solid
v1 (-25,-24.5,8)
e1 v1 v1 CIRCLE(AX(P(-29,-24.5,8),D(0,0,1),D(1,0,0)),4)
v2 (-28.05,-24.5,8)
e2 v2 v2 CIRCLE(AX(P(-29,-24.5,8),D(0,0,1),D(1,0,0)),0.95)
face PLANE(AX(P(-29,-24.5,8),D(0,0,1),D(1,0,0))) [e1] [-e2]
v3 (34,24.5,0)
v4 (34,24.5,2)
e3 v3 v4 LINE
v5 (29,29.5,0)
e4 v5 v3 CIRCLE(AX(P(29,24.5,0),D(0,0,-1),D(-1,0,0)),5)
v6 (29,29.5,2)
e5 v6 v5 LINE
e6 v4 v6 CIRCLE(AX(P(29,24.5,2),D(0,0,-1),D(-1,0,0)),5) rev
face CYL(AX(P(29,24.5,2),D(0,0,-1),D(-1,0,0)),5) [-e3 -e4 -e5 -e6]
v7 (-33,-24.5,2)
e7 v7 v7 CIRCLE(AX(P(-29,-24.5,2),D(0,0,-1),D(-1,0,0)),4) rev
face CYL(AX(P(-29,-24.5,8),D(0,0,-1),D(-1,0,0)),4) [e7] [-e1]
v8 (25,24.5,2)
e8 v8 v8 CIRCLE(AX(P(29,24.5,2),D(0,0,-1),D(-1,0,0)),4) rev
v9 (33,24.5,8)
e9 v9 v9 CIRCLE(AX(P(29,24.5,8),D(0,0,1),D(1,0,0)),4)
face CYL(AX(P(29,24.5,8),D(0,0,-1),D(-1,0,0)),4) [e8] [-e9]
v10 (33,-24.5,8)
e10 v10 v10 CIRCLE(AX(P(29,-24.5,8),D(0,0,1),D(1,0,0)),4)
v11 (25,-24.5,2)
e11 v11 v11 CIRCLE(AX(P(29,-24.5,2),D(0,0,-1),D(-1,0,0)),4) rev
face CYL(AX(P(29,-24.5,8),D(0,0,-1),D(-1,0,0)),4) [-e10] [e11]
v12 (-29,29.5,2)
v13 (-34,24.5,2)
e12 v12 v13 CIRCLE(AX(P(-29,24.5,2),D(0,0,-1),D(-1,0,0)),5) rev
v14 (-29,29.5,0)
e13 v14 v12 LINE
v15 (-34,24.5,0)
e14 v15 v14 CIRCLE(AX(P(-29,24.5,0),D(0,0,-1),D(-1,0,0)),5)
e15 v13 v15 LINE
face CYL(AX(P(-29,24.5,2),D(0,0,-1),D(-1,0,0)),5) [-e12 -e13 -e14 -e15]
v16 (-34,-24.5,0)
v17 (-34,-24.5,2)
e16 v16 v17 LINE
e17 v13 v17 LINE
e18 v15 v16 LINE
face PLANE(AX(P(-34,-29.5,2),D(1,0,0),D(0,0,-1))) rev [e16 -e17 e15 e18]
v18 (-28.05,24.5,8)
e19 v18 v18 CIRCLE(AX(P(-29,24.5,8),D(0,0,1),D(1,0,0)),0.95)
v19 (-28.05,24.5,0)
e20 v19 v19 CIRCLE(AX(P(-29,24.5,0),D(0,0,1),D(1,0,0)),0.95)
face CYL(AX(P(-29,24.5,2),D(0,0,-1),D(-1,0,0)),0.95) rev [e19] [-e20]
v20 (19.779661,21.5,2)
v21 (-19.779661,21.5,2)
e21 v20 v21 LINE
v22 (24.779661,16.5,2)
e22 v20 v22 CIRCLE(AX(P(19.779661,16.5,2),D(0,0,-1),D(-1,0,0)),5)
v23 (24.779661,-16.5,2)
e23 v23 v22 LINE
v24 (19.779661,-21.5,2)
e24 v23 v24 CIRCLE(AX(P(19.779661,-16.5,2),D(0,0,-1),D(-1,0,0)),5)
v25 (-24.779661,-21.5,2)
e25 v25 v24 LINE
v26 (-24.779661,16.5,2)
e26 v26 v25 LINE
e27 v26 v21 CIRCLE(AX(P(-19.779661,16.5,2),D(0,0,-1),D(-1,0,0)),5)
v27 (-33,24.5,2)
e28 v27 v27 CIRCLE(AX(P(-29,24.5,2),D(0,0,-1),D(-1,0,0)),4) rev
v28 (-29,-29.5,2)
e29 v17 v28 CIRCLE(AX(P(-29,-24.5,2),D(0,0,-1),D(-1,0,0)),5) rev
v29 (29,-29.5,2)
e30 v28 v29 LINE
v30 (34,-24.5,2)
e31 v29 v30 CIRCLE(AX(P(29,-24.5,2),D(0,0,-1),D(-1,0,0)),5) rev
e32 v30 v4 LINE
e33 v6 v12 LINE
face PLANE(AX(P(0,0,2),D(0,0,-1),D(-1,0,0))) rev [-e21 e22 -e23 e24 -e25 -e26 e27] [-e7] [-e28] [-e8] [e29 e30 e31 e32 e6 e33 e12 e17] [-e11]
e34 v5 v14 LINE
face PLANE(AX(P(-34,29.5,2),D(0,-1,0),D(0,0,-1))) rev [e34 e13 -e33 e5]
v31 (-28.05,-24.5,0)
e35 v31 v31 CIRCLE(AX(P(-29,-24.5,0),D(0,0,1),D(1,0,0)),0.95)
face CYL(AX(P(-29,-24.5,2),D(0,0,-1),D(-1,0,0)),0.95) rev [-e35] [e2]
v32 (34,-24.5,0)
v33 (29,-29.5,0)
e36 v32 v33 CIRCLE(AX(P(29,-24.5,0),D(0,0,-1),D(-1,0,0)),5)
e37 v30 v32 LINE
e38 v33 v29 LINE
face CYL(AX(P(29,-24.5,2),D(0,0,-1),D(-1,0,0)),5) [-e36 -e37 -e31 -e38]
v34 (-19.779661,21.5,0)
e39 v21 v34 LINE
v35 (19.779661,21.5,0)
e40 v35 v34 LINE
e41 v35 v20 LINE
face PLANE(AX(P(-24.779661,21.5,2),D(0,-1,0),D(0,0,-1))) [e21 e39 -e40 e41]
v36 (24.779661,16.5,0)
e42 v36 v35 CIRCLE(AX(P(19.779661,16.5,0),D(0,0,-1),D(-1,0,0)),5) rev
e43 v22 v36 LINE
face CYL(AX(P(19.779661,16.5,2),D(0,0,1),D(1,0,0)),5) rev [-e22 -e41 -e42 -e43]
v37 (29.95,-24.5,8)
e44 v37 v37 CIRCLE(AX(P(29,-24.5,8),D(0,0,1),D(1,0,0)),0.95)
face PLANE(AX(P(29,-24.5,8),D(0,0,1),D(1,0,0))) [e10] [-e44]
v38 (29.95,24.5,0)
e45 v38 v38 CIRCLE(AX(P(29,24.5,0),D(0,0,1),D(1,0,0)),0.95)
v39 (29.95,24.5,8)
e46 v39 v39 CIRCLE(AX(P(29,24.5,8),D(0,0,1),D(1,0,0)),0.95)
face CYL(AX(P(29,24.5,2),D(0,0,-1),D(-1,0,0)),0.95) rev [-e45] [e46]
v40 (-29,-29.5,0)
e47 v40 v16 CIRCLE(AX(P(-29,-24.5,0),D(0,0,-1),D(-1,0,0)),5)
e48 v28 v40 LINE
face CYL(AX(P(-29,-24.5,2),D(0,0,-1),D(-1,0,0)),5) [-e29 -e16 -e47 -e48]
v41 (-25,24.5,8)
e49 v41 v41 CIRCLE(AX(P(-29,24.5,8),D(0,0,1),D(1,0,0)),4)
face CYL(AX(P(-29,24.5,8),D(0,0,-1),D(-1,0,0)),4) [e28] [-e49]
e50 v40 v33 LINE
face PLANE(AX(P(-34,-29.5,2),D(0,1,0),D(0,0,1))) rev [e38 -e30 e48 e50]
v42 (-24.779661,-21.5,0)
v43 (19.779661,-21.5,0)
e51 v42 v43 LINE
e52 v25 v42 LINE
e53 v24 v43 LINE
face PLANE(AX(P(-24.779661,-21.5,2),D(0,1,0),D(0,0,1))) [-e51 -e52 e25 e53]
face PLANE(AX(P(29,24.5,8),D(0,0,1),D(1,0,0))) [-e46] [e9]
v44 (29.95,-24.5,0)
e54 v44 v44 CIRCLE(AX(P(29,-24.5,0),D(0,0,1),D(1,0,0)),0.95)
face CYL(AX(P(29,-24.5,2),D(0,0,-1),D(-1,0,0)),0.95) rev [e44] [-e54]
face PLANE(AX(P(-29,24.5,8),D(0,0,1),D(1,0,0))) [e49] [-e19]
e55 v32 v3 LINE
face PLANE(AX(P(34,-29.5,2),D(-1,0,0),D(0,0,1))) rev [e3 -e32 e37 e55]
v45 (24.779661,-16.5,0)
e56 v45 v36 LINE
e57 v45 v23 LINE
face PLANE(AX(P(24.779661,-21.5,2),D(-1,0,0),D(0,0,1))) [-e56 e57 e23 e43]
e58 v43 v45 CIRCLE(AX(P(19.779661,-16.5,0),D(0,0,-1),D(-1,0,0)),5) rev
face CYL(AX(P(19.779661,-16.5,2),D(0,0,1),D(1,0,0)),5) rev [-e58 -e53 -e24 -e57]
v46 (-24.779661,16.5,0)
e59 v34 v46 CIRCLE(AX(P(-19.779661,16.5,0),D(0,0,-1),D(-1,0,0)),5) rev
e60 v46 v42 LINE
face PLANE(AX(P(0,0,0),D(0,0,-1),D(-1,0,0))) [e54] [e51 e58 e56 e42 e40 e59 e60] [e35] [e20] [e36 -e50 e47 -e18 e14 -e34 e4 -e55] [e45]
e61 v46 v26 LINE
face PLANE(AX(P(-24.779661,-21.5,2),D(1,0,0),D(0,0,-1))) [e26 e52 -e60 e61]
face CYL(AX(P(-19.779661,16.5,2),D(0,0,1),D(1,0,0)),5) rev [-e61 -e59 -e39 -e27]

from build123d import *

# Parameters (mm, degrees)
SKETCH1_W           = 68
SKETCH1_H           = 59
SKETCH1_R           = 0.95
SKETCH1_W_2         = 49.559322034
SKETCH1_H_2         = 43
BOSS_EXTRUDE1_DEPTH = 2
SKETCH2_R           = 4
SKETCH2_R_2         = 0.95
BOSS_EXTRUDE2_DEPTH = 6
FILLET1_R           = 5


with BuildPart() as part:
    # Sketch1 → Boss-Extrude1 (new body)
    with BuildSketch(Plane.XY):
        Rectangle(SKETCH1_W, SKETCH1_H)
        with Locations((-29, 24.5)):
            Circle(SKETCH1_R, mode=Mode.SUBTRACT)
        with Locations((29, 24.5)):
            Circle(SKETCH1_R, mode=Mode.SUBTRACT)
        with Locations((29, -24.5)):
            Circle(SKETCH1_R, mode=Mode.SUBTRACT)
        with Locations((-29, -24.5)):
            Circle(SKETCH1_R, mode=Mode.SUBTRACT)
        Rectangle(SKETCH1_W_2, SKETCH1_H_2, mode=Mode.SUBTRACT)
    extrude(amount=BOSS_EXTRUDE1_DEPTH)

    # Sketch2 → Boss-Extrude2 (add)
    # profile 1 of 4: a face of its own
    with BuildSketch(Plane.XY.offset(2)):
        with Locations(Location((-29, 24.5, 0), (0, 0, 180))):
            Circle(SKETCH2_R)
        with Locations((-29, 24.5)):
            Circle(SKETCH2_R_2, mode=Mode.SUBTRACT)
    # profile 2 of 4: a face of its own
    with BuildSketch(Plane.XY.offset(2)):
        with Locations(Location((29, 24.5, 0), (0, 0, 180))):
            Circle(SKETCH2_R)
        with Locations((29, 24.5)):
            Circle(SKETCH2_R_2, mode=Mode.SUBTRACT)
    # profile 3 of 4: a face of its own
    with BuildSketch(Plane.XY.offset(2)):
        with Locations(Location((29, -24.5, 0), (0, 0, 180))):
            Circle(SKETCH2_R)
        with Locations((29, -24.5)):
            Circle(SKETCH2_R_2, mode=Mode.SUBTRACT)
    # profile 4 of 4: a face of its own
    with BuildSketch(Plane.XY.offset(2)):
        with Locations(Location((-29, -24.5, 0), (0, 0, 180))):
            Circle(SKETCH2_R)
        with Locations((-29, -24.5)):
            Circle(SKETCH2_R_2, mode=Mode.SUBTRACT)
    extrude(amount=BOSS_EXTRUDE2_DEPTH)

    # Fillet1
    fillet1_edges = [part.edges().sort_by_distance(p)[0] for p in [
        (24.779661017, -21.5, 1),
        (24.779661017, 21.5, 1),
        (-24.779661017, 21.5, 1),
        (34, -29.5, 1),
        (-34, -29.5, 1),
        (-34, 29.5, 1),
        (34, 29.5, 1),
    ]]
    fillet(fillet1_edges, radius=FILLET1_R)


solid = part.part
